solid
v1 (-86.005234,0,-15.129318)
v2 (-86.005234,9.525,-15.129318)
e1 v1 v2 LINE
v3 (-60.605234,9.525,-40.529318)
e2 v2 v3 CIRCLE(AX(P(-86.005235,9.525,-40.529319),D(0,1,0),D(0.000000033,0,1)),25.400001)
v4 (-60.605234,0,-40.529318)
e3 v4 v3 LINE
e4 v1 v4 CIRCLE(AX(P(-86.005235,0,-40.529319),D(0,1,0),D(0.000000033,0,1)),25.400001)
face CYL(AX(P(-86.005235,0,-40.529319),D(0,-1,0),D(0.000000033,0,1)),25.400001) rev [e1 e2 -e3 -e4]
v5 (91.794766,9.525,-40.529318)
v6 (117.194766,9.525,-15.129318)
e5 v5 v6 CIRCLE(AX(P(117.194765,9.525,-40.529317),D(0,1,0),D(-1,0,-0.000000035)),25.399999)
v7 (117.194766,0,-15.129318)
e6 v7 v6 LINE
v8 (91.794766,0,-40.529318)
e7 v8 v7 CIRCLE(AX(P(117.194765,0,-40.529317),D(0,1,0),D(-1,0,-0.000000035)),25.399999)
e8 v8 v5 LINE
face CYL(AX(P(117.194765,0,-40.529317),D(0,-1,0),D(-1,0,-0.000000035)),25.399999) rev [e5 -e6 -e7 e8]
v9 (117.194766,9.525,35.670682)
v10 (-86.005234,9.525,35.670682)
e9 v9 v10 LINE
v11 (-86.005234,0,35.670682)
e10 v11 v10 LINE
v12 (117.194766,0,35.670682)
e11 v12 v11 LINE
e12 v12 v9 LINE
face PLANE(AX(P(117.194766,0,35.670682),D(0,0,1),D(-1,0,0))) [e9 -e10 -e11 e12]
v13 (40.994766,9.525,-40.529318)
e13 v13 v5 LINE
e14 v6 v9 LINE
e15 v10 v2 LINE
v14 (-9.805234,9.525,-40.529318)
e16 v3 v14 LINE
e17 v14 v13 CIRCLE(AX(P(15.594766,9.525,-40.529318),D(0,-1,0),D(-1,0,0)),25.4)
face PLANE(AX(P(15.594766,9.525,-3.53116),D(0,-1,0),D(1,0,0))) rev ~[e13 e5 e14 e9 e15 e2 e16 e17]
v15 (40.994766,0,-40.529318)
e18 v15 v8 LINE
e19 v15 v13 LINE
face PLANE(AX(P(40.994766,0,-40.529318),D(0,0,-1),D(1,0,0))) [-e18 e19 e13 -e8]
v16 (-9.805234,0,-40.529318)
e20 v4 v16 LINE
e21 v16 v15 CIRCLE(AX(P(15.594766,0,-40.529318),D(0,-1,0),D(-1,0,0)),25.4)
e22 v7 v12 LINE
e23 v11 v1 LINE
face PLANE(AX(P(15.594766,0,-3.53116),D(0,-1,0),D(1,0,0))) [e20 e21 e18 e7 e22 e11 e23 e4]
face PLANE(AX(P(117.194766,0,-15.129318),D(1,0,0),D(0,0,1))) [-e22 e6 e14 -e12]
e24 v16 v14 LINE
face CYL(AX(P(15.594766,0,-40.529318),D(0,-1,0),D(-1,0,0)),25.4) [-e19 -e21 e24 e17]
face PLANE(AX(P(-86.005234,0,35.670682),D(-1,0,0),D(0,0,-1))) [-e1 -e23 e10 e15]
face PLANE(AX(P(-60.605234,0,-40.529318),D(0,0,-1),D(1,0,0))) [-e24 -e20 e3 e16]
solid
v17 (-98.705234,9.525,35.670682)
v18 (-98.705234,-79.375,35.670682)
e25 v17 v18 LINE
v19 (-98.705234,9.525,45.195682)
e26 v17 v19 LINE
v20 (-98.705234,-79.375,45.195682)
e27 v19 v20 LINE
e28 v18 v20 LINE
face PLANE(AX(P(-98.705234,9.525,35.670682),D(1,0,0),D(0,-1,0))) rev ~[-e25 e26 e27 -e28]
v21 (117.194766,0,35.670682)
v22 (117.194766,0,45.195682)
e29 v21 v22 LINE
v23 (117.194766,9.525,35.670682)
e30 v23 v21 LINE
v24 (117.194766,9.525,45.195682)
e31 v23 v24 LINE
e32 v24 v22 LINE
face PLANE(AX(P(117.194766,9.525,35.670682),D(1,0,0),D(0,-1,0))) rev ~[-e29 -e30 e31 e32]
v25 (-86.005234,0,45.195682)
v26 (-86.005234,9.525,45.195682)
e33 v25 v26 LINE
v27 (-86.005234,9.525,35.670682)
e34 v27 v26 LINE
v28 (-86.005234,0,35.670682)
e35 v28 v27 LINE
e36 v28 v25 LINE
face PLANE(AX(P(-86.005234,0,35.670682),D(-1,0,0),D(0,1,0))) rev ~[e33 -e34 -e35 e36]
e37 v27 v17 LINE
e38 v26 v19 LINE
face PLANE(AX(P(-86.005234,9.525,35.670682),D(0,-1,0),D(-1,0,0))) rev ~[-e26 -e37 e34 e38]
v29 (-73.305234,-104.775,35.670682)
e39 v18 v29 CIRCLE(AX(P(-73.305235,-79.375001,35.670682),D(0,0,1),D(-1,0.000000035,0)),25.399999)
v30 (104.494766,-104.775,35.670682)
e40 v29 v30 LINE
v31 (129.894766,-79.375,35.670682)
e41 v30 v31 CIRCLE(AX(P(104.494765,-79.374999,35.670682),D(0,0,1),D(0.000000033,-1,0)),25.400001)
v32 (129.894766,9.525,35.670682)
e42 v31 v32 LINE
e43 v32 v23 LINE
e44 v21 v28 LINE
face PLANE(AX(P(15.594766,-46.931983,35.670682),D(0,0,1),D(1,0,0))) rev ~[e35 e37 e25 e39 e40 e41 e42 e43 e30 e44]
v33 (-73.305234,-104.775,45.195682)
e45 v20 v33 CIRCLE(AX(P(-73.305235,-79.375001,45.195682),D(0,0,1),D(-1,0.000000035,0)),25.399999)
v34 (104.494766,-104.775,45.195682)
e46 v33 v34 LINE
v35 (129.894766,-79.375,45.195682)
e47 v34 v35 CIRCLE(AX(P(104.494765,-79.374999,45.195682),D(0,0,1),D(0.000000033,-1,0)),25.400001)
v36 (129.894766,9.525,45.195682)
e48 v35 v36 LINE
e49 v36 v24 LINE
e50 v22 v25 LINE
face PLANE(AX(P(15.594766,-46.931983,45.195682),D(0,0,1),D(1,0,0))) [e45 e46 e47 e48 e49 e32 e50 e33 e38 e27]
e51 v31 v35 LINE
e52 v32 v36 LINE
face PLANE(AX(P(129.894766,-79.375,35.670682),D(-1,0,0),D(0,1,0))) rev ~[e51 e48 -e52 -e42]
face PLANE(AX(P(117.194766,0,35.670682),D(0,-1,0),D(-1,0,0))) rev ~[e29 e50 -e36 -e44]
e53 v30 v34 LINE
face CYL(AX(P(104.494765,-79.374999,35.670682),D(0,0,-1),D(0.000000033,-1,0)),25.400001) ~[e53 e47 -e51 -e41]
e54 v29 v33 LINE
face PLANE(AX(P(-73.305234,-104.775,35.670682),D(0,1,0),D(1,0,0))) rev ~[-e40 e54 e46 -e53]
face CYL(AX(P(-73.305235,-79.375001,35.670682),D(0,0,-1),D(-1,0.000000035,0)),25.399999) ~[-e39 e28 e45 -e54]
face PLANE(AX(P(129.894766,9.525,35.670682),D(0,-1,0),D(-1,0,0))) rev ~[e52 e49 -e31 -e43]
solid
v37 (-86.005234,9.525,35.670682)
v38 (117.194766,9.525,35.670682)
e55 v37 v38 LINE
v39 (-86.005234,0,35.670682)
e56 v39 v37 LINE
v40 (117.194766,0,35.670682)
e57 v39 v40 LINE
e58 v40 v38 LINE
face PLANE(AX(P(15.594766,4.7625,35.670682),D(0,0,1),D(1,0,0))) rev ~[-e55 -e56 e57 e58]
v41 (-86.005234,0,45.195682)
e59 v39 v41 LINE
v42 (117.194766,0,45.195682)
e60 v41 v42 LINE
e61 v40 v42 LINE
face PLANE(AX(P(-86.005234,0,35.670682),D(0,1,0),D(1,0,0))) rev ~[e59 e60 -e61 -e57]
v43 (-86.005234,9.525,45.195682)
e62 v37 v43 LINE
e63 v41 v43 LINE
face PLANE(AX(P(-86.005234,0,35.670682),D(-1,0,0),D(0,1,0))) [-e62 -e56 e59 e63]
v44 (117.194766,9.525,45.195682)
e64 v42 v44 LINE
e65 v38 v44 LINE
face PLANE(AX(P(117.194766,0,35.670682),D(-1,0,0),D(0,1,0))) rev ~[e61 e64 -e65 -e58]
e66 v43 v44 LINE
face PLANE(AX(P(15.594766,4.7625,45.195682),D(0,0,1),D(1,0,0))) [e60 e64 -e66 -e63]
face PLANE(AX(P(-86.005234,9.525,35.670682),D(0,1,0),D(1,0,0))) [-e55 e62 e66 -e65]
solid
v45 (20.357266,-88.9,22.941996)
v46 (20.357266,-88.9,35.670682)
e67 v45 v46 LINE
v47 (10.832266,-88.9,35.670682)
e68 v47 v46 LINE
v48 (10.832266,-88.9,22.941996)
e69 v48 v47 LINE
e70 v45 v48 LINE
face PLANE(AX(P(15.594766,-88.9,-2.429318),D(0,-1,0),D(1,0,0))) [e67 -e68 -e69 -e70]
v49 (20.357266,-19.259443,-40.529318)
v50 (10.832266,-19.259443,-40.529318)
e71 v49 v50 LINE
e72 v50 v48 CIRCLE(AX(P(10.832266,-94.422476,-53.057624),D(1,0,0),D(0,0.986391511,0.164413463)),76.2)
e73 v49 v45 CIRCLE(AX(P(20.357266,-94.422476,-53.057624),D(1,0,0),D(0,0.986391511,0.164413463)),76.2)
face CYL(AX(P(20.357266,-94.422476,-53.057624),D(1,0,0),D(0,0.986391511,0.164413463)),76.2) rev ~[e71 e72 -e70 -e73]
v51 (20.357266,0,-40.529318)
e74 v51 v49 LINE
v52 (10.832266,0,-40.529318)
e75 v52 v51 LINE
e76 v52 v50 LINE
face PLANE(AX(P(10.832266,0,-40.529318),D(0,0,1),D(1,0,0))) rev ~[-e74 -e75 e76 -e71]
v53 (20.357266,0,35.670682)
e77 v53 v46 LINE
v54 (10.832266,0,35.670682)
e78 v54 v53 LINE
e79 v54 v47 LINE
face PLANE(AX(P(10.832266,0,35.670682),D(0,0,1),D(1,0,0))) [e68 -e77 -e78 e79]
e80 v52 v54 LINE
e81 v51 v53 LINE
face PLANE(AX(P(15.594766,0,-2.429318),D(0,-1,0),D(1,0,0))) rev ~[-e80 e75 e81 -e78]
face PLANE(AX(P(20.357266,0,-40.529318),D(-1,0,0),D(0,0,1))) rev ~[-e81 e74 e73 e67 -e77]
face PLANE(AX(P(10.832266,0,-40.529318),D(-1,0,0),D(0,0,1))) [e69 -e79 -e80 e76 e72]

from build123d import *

# Parameters (mm, degrees)
F1_DEPTH = 9.525
F3_DEPTH = 9.525
F4_W     = 203.2
F4_H     = 9.525
F5_DEPTH = 9.525
F6_W     = 9.525
F6_H     = 76.2
F7_DEPTH = 88.9
F9_DEPTH = 19.304


with BuildPart() as f1:
    # F0 (on Front) → F1 (new body)
    with BuildSketch(Plane.XZ):
        with BuildLine():
            Line((117.194766, 35.670682), (-86.005234, 35.670682))
            Line((-86.005234, 35.670682), (-86.005234, -15.129318))
            ThreePointArc((-86.005234, -15.129318), (-68.044722, -22.568806), (-60.605234, -40.529318))
            Line((-60.605234, -40.529318), (-9.805234, -40.529318))
            ThreePointArc((-9.805234, -40.529318), (15.594766, -65.929318), (40.994766, -40.529318))
            Line((40.994766, -40.529318), (91.794766, -40.529318))
            ThreePointArc((91.794766, -40.529318), (99.234253, -22.568806), (117.194766, -15.129318))
            Line((117.194766, -15.129318), (117.194766, 35.670682))
        make_face()
    extrude(amount=-F1_DEPTH)


with BuildPart() as f3:
    # F2 (on face) → F3 (new body)
    with BuildSketch(Plane.XY.offset(35.670682)):
        with BuildLine():
            Line((-86.005234, 9.525), (-98.705234, 9.525))
            Line((-98.705234, 9.525), (-98.705234, -79.375))
            ThreePointArc((-98.705234, -79.375), (-91.265747, -97.335512), (-73.305234, -104.775))
            Line((-73.305234, -104.775), (104.494766, -104.775))
            ThreePointArc((104.494766, -104.775), (122.455278, -97.335512), (129.894766, -79.375))
            Line((129.894766, -79.375), (129.894766, 9.525))
            Line((129.894766, 9.525), (117.194766, 9.525))
            Line((117.194766, 9.525), (117.194766, 0))
            Line((117.194766, 0), (-86.005234, 0))
            Line((-86.005234, 0), (-86.005234, 9.525))
        make_face()
    extrude(amount=F3_DEPTH)


with BuildPart() as f5:
    # F4 (on face) → F5 (new body)
    with BuildSketch(Plane.XY.offset(35.670682)):
        with Locations((15.594766, 4.7625)):
            Rectangle(F4_W, F4_H)
    extrude(amount=F5_DEPTH)


with BuildPart() as f7:
    # F6 (on face) → F7 (new body)
    with BuildSketch(Plane.XZ):
        with Locations((15.594766, -2.429318)):
            Rectangle(F6_W, F6_H)
    extrude(amount=F7_DEPTH)

    # F8 (on face) → F9 (cut)
    with BuildSketch(Plane.YZ.offset(20.357266)):
        with BuildLine():
            Line((-88.9, -40.529318), (-19.259443, -40.529318))
            ThreePointArc((-19.259443, -40.529318), (-43.093247, 3.26067), (-88.9, 22.941996))
            Line((-88.9, 22.941996), (-88.9, -40.529318))
        make_face()
        with BuildLine():
            ThreePointArc((-88.9, 22.941996), (-150.222354, -104.949952), (-18.222476, -53.057624))
            ThreePointArc((-18.222476, -53.057624), (-18.482161, -46.77205), (-19.259443, -40.529318))
            Line((-19.259443, -40.529318), (-88.9, -40.529318))
            Line((-88.9, -40.529318), (-88.9, 22.941996))
        make_face()
    extrude(amount=-F9_DEPTH, mode=Mode.SUBTRACT)


solid = Compound([f1.part, f3.part, f5.part, f7.part])
